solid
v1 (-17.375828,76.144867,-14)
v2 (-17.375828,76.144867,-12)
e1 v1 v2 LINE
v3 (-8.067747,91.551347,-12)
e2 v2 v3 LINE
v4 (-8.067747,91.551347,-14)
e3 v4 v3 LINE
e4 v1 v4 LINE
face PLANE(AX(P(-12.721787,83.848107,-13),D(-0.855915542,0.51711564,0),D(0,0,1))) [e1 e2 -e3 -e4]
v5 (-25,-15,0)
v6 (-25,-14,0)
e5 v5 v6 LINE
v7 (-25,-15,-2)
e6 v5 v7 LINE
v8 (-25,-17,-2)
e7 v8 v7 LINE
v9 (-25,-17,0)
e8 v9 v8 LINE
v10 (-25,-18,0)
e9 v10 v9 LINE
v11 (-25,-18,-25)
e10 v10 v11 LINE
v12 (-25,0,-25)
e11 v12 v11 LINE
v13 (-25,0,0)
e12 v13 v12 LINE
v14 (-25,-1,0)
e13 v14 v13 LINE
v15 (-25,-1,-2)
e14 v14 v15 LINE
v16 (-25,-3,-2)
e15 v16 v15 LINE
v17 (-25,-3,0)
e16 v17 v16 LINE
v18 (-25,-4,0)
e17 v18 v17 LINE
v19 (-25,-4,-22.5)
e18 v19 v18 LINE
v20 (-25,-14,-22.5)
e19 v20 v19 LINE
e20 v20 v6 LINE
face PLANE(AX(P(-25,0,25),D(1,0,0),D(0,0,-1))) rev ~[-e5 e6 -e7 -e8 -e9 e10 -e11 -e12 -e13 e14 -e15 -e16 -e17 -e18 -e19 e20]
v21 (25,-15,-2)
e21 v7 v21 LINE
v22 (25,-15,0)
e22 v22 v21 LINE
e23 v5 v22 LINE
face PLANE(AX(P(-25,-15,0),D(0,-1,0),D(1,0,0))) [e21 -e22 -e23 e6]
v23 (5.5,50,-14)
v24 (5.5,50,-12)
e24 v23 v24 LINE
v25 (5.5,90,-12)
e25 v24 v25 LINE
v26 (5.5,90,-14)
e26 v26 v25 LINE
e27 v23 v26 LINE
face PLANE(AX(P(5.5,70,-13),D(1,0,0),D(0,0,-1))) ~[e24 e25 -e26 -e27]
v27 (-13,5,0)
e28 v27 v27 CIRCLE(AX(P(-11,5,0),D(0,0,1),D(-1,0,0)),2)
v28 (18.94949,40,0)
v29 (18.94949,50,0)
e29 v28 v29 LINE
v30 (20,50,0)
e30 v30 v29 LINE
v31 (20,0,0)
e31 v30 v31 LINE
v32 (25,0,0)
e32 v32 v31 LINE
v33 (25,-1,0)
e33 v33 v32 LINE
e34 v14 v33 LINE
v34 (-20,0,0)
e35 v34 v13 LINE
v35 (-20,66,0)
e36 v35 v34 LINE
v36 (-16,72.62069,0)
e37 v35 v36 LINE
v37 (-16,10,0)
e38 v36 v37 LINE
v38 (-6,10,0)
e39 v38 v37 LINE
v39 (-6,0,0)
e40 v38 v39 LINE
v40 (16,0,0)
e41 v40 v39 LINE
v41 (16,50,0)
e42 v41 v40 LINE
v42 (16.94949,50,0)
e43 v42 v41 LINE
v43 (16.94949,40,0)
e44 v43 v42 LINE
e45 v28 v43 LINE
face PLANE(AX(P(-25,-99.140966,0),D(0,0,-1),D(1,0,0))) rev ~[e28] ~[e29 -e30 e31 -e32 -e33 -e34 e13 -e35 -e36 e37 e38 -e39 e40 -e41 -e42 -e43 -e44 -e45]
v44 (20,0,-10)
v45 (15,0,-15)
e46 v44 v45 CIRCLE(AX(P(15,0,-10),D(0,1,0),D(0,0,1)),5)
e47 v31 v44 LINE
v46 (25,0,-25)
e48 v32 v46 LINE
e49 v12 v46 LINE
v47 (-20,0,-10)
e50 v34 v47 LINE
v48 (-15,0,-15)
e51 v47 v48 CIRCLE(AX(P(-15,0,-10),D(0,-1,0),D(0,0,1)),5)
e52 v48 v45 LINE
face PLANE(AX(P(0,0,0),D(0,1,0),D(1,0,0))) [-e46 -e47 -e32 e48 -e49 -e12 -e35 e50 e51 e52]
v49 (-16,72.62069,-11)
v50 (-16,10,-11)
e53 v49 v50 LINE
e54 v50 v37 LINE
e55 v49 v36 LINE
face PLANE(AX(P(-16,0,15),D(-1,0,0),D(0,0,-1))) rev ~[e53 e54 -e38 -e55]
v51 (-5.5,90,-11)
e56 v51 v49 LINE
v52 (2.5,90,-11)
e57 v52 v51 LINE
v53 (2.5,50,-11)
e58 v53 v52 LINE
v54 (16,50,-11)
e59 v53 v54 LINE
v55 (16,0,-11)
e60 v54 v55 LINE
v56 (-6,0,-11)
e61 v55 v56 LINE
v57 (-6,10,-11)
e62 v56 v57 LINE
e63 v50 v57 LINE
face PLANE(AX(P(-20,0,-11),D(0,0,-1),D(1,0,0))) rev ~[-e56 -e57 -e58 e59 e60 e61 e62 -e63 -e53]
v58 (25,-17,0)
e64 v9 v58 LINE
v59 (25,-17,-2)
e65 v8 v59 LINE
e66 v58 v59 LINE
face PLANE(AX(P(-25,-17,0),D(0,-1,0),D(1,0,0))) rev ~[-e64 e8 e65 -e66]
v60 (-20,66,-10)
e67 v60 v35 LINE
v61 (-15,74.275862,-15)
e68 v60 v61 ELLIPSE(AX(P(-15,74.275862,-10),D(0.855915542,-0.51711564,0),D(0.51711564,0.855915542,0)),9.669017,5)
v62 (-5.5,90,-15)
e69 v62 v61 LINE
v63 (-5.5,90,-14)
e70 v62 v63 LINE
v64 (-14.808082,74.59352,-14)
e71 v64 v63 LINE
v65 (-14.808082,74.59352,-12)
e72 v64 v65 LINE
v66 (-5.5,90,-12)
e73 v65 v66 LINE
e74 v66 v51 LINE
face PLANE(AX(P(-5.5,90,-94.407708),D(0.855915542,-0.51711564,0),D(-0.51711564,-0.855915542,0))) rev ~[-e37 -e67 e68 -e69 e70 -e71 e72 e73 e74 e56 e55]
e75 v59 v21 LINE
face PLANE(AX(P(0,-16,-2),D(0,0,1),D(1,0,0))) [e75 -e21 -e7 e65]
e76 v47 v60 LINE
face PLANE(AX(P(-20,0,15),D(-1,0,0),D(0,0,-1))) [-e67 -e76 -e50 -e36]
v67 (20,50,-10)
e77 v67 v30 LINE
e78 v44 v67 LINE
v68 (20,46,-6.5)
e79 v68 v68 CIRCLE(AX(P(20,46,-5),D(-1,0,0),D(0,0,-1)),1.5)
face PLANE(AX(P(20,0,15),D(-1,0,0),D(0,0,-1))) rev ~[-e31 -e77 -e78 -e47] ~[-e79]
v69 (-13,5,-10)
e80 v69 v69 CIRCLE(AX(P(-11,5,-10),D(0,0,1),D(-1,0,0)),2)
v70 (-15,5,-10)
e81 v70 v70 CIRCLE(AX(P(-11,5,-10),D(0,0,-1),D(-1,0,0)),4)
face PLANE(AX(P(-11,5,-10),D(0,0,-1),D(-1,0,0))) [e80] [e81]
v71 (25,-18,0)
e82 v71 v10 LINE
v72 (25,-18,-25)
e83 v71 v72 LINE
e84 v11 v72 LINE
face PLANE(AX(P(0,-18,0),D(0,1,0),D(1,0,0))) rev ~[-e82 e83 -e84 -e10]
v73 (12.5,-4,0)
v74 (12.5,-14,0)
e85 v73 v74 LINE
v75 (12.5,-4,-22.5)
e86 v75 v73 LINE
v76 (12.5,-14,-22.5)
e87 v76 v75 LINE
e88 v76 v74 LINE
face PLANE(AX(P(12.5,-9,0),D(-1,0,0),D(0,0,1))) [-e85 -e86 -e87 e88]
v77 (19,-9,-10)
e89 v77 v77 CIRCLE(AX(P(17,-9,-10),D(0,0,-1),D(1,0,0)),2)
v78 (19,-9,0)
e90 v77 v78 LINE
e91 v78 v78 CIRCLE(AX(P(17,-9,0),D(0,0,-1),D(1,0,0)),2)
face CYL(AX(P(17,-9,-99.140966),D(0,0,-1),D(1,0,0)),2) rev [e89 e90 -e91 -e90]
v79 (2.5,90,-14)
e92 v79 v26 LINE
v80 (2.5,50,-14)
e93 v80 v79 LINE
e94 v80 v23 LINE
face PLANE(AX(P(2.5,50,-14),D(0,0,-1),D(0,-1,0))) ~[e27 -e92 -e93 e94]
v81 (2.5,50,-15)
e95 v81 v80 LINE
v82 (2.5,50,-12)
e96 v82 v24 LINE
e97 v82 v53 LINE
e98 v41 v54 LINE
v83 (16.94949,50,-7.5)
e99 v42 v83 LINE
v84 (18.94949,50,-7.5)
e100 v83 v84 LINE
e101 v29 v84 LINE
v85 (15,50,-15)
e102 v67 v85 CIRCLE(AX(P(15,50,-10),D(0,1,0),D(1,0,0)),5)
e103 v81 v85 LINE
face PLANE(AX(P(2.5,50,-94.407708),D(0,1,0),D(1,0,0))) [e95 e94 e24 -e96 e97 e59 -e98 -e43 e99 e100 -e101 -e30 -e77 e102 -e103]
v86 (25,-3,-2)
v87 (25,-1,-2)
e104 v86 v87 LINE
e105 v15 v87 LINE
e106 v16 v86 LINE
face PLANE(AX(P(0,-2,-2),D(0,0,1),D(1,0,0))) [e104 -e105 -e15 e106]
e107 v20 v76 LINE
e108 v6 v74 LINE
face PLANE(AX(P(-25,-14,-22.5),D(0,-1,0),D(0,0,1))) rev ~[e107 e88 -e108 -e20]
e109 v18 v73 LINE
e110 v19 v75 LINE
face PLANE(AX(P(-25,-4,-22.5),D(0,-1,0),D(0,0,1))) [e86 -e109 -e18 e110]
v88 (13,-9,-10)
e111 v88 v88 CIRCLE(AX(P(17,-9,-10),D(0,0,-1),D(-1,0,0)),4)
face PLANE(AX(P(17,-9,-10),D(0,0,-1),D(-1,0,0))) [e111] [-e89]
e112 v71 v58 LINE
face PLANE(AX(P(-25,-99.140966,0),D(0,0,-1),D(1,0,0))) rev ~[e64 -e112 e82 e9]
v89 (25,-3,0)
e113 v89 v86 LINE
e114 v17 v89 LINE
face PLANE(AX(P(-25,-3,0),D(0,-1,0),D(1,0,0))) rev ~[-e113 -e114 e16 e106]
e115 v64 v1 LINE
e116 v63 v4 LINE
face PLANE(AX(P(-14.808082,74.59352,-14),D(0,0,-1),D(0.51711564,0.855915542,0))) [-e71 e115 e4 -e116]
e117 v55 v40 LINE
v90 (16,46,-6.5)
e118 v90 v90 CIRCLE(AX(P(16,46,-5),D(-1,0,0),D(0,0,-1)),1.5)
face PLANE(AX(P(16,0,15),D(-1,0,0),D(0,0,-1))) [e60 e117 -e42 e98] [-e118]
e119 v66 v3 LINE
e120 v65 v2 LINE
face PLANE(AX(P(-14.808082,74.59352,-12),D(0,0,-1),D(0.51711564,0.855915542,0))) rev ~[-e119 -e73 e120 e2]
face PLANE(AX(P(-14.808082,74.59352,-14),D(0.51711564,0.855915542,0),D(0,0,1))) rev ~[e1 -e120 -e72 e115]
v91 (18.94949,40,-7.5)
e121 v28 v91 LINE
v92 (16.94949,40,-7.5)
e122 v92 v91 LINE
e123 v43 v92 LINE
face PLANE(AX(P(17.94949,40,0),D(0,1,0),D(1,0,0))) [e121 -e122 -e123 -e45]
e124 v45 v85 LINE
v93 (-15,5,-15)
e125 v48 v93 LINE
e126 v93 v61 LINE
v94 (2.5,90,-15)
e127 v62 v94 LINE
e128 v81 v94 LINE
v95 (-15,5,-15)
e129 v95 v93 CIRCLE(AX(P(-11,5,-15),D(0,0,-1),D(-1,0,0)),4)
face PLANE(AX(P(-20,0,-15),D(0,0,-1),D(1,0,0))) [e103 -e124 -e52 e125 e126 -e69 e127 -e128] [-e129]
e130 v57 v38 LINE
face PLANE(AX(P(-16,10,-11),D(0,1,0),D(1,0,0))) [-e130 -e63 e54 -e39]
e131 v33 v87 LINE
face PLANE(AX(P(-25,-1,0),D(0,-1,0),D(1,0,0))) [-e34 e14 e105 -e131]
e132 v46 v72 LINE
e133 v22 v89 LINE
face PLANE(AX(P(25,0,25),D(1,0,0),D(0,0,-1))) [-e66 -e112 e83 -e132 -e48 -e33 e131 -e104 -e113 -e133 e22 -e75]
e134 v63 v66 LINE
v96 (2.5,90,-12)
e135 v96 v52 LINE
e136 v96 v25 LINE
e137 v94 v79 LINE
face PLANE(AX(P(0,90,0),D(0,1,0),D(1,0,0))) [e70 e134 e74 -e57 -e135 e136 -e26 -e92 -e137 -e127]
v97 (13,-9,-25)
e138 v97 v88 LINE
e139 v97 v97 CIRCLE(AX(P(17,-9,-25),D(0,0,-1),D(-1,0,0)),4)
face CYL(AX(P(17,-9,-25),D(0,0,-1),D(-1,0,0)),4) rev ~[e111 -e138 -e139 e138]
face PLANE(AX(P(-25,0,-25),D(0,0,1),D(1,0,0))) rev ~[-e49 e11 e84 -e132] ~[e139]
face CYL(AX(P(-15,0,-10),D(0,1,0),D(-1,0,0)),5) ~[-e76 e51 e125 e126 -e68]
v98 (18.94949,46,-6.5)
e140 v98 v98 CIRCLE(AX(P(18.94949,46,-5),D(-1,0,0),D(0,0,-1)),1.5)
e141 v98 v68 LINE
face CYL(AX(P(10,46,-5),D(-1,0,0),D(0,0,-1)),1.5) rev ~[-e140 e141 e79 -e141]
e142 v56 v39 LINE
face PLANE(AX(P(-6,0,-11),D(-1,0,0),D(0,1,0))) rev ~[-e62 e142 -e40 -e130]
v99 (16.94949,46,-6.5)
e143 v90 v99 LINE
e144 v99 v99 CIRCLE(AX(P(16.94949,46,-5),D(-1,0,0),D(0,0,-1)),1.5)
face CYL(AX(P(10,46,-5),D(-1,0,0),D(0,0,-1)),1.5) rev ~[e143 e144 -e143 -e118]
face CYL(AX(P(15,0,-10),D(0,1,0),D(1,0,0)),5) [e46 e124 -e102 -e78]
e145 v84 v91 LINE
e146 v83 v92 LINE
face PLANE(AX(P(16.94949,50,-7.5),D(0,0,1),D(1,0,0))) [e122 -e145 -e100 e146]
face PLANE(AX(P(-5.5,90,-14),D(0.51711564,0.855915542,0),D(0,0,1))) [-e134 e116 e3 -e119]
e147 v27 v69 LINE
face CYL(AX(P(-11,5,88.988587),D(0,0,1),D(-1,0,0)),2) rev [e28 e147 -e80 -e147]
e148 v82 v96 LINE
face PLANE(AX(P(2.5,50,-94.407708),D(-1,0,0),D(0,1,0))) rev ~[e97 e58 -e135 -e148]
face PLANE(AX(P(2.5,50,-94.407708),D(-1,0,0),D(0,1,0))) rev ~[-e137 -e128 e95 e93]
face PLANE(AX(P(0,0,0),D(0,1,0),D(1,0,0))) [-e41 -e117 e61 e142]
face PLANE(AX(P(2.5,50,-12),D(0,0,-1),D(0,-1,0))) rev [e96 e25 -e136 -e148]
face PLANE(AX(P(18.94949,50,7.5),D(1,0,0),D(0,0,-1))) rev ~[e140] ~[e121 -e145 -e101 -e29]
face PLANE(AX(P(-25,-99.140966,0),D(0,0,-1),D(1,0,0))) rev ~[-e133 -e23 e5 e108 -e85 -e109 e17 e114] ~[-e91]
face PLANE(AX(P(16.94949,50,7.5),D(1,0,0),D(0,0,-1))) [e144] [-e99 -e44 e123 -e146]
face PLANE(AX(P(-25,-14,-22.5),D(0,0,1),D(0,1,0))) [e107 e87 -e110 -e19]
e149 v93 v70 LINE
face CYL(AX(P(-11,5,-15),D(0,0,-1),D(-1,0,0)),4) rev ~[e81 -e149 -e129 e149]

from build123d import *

# Parameters (mm, degrees)
SKETCH1_W                = 40
SKETCH1_H                = 30
BOSS_EXTRUDE1_DEPTH      = 90
SHELL1_T                 = -4
FILLET1_R                = 5
CUT_EXTRUDE1_DEPTH       = 94.407708461
CUT_EXTRUDE1_DEPTH_BACK  = 94.407708461
CUT_EXTRUDE2_DEPTH       = 94.407708461
CUT_EXTRUDE2_DEPTH_BACK  = 94.407708461
SKETCH3_W                = 17.5
SKETCH3_H                = 40
SKETCH5_W                = 2
SKETCH5_H                = 40
BOSS_EXTRUDE2_DEPTH      = 3
SKETCH6_W                = 2
SKETCH6_H                = 18
BOSS_EXTRUDE3_DEPTH      = 3
SKETCH8_W                = 50
SKETCH8_H                = 50
BOSS_EXTRUDE4_DEPTH      = 18
SKETCH10_W               = 45
SKETCH10_H               = 10
CUT_EXTRUDE4_DEPTH       = 37.5
BOSS_EXTRUDE5_REACH      = 103.502
SKETCH15_W               = 10
SKETCH15_H               = 10
CUT_EXTRUDE8_DEPTH       = 103.988587343
CUT_EXTRUDE8_DEPTH_BACK  = 103.988587343
SKETCH20_R               = 2
SKETCH21_R               = 4
CUT_EXTRUDE9_DEPTH       = 5
SKETCH23_W               = 2
SKETCH23_H               = 15
CUT_EXTRUDE10_DEPTH      = 10
CUT_EXTRUDE11_START      = -10
SKETCH24_R               = 1.5
CUT_EXTRUDE11_DEPTH      = 116.031657717
CUT_EXTRUDE12_DEPTH      = 99.140965569
CUT_EXTRUDE12_DEPTH_BACK = 99.140965569
SKETCH27_W               = 50
SKETCH27_H               = 25
SKETCH29_W               = 50
SKETCH29_H               = 2
CUT_EXTRUDE13_DEPTH      = 2
SKETCH30_W               = 50
SKETCH30_H               = 2
CUT_EXTRUDE14_DEPTH      = 2
CUT_EXTRUDE15_DEPTH      = 99.140965569
CUT_EXTRUDE15_DEPTH_BACK = 99.140965569
SKETCH31_R               = 2
SKETCH33_R               = 4
CUT_EXTRUDE16_DEPTH      = 15


with BuildPart() as part:
    # Sketch1 → Boss-Extrude1 (new body)
    with BuildSketch(Plane(origin=(0, 0, 0), x_dir=(1, 0, 0), z_dir=(0, 1, 0))):
        Rectangle(SKETCH1_W, SKETCH1_H)
    extrude(amount=BOSS_EXTRUDE1_DEPTH)

    # Shell1
    shell1_openings = [part.faces().sort_by_distance(p)[0] for p in [
        (0, 90, 0),
        (0, 0, 0),
    ]]
    offset(amount=SHELL1_T, openings=shell1_openings, kind=Kind.INTERSECTION)

    # Fillet1
    fillet1_edges = [part.edges().sort_by_distance(p)[0] for p in [
        (20, 45, 15),
        (-20, 45, 15),
        (-20, 45, -15),
        (20, 45, -15),
    ]]
    fillet(fillet1_edges, radius=FILLET1_R)

    # Sketch2 → Cut-Extrude1 (cut, two sides: drawn at the far end of the back side and taken through both)
    with BuildSketch(Plane.XY.offset(-CUT_EXTRUDE1_DEPTH_BACK)):
        Polygon((-5.5, 90), (-20, 66), (-20, 90), align=None)
    extrude(amount=CUT_EXTRUDE1_DEPTH + CUT_EXTRUDE1_DEPTH_BACK, mode=Mode.SUBTRACT)

    # Sketch3 → Cut-Extrude2 (cut, two sides: drawn at the far end of the back side and taken through both)
    with BuildSketch(Plane.XY.offset(-CUT_EXTRUDE2_DEPTH_BACK)):
        with Locations((11.25, 70)):
            Rectangle(SKETCH3_W, SKETCH3_H)
    extrude(amount=CUT_EXTRUDE2_DEPTH + CUT_EXTRUDE2_DEPTH_BACK, mode=Mode.SUBTRACT)

    # Sketch5 → Boss-Extrude2 (add)
    with BuildSketch(Plane(origin=(2.5, 0, 0), x_dir=(0, 0, -1), z_dir=(1, 0, 0))):
        with Locations((-13, 70)):
            Rectangle(SKETCH5_W, SKETCH5_H)
    boss_extrude2 = extrude(amount=BOSS_EXTRUDE2_DEPTH)

    # Mirror1: Boss-Extrude2 across plane
    add(boss_extrude2.mirror(Plane.XY))

    # Sketch6 → Boss-Extrude3 (add)
    with BuildSketch(Plane(origin=(-43.86391097, 26.501112878, 0), x_dir=(0, 0, 1), z_dir=(-0.8559155419457906, 0.5171156399255814, 0))):
        with Locations((-13, 65.188262756)):
            Rectangle(SKETCH6_W, SKETCH6_H)
    boss_extrude3 = extrude(amount=BOSS_EXTRUDE3_DEPTH)

    # Mirror2: Boss-Extrude3 across plane
    add(boss_extrude3.mirror(Plane.XY))

    # Sketch8 → Boss-Extrude4 (add)
    with BuildSketch(Plane(origin=(0, 0, 0), x_dir=(1, 0, 0), z_dir=(0, 1, 0))):
        Rectangle(SKETCH8_W, SKETCH8_H)
    extrude(amount=-BOSS_EXTRUDE4_DEPTH)

    # Sketch10 → Cut-Extrude4 (cut)
    with BuildSketch(Plane.ZY.offset(25)):
        with Locations((0, -9)):
            Rectangle(SKETCH10_W, SKETCH10_H)
    extrude(amount=-CUT_EXTRUDE4_DEPTH, mode=Mode.SUBTRACT)

    # Sketch15 → Boss-Extrude5 (add, up to next)
    with BuildSketch(Plane.XY.offset(-11), mode=Mode.PRIVATE) as boss_extrude5_sk1:
        with Locations((-11, 5)):
            Rectangle(SKETCH15_W, SKETCH15_H)
    boss_extrude5_tool1 = extrude(boss_extrude5_sk1.sketch, amount=BOSS_EXTRUDE5_REACH, mode=Mode.PRIVATE) - part.part
    add(boss_extrude5_tool1.solids().sort_by_distance((-11, 5, -11))[0])

    # Sketch20 → Cut-Extrude8 (cut, two sides: drawn at the far end of the back side and taken through both)
    with BuildSketch(Plane(origin=(0, 0, -15), x_dir=(-1, 0, 0), z_dir=(0, 0, -1)).offset(-CUT_EXTRUDE8_DEPTH_BACK)):
        with Locations((11, 5)):
            Circle(SKETCH20_R)
    extrude(amount=CUT_EXTRUDE8_DEPTH + CUT_EXTRUDE8_DEPTH_BACK, mode=Mode.SUBTRACT)

    # Sketch21 → Cut-Extrude9 (cut)
    with BuildSketch(Plane(origin=(0, 0, -15), x_dir=(-1, 0, 0), z_dir=(0, 0, -1))):
        with Locations((11, 5)):
            Circle(SKETCH21_R)
    cut_extrude9 = extrude(amount=-CUT_EXTRUDE9_DEPTH, mode=Mode.SUBTRACT)

    # Mirror3: Cut-Extrude9 across plane
    add(cut_extrude9.mirror(Plane.XY), mode=Mode.SUBTRACT)

    # Sketch23 → Cut-Extrude10 (cut)
    with BuildSketch(Plane(origin=(0, 50, 0), x_dir=(1, 0, 0), z_dir=(0, 1, 0))):
        with Locations((17.949489743, 0)):
            Rectangle(SKETCH23_W, SKETCH23_H)
    extrude(amount=-CUT_EXTRUDE10_DEPTH, mode=Mode.SUBTRACT)

    # Sketch24 → Cut-Extrude11 (cut)
    with BuildSketch(Plane(origin=(20, 0, 0), x_dir=(0, 0, -1), z_dir=(1, 0, 0)).offset(CUT_EXTRUDE11_START)):
        with Locations(Location((-5, 46, 0), (0, 0, 180))):
            Circle(SKETCH24_R)
    cut_extrude11 = extrude(amount=CUT_EXTRUDE11_DEPTH, mode=Mode.SUBTRACT)

    # Mirror4: Cut-Extrude11 across plane
    add(cut_extrude11.mirror(Plane.XY), mode=Mode.SUBTRACT)

    # Sketch27 → Cut-Extrude12 (cut, two sides: drawn at the far end of the back side and taken through both)
    with BuildSketch(Plane(origin=(0, 0, 0), x_dir=(1, 0, 0), z_dir=(0, 1, 0)).offset(-CUT_EXTRUDE12_DEPTH_BACK)):
        with Locations((0, -12.5)):
            Rectangle(SKETCH27_W, SKETCH27_H)
    extrude(amount=CUT_EXTRUDE12_DEPTH + CUT_EXTRUDE12_DEPTH_BACK, mode=Mode.SUBTRACT)

    # Sketch29 → Cut-Extrude13 (cut)
    with BuildSketch(Plane.XY):
        with Locations((0, -2)):
            Rectangle(SKETCH29_W, SKETCH29_H)
    extrude(amount=-CUT_EXTRUDE13_DEPTH, mode=Mode.SUBTRACT)

    # Sketch30 → Cut-Extrude14 (cut)
    with BuildSketch(Plane.XY):
        with Locations((0, -16)):
            Rectangle(SKETCH30_W, SKETCH30_H)
    extrude(amount=-CUT_EXTRUDE14_DEPTH, mode=Mode.SUBTRACT)

    # Sketch31 → Cut-Extrude15 (cut, two sides: drawn at the far end of the back side and taken through both)
    with BuildSketch(Plane.XY.offset(-CUT_EXTRUDE15_DEPTH_BACK)):
        with Locations((17, -9)):
            Circle(SKETCH31_R)
    extrude(amount=CUT_EXTRUDE15_DEPTH + CUT_EXTRUDE15_DEPTH_BACK, mode=Mode.SUBTRACT)

    # Sketch33 → Cut-Extrude16 (cut)
    with BuildSketch(Plane(origin=(0, 0, -25), x_dir=(-1, 0, 0), z_dir=(0, 0, -1))):
        with Locations((-17, -9)):
            Circle(SKETCH33_R)
    extrude(amount=-CUT_EXTRUDE16_DEPTH, mode=Mode.SUBTRACT)


solid = part.part
